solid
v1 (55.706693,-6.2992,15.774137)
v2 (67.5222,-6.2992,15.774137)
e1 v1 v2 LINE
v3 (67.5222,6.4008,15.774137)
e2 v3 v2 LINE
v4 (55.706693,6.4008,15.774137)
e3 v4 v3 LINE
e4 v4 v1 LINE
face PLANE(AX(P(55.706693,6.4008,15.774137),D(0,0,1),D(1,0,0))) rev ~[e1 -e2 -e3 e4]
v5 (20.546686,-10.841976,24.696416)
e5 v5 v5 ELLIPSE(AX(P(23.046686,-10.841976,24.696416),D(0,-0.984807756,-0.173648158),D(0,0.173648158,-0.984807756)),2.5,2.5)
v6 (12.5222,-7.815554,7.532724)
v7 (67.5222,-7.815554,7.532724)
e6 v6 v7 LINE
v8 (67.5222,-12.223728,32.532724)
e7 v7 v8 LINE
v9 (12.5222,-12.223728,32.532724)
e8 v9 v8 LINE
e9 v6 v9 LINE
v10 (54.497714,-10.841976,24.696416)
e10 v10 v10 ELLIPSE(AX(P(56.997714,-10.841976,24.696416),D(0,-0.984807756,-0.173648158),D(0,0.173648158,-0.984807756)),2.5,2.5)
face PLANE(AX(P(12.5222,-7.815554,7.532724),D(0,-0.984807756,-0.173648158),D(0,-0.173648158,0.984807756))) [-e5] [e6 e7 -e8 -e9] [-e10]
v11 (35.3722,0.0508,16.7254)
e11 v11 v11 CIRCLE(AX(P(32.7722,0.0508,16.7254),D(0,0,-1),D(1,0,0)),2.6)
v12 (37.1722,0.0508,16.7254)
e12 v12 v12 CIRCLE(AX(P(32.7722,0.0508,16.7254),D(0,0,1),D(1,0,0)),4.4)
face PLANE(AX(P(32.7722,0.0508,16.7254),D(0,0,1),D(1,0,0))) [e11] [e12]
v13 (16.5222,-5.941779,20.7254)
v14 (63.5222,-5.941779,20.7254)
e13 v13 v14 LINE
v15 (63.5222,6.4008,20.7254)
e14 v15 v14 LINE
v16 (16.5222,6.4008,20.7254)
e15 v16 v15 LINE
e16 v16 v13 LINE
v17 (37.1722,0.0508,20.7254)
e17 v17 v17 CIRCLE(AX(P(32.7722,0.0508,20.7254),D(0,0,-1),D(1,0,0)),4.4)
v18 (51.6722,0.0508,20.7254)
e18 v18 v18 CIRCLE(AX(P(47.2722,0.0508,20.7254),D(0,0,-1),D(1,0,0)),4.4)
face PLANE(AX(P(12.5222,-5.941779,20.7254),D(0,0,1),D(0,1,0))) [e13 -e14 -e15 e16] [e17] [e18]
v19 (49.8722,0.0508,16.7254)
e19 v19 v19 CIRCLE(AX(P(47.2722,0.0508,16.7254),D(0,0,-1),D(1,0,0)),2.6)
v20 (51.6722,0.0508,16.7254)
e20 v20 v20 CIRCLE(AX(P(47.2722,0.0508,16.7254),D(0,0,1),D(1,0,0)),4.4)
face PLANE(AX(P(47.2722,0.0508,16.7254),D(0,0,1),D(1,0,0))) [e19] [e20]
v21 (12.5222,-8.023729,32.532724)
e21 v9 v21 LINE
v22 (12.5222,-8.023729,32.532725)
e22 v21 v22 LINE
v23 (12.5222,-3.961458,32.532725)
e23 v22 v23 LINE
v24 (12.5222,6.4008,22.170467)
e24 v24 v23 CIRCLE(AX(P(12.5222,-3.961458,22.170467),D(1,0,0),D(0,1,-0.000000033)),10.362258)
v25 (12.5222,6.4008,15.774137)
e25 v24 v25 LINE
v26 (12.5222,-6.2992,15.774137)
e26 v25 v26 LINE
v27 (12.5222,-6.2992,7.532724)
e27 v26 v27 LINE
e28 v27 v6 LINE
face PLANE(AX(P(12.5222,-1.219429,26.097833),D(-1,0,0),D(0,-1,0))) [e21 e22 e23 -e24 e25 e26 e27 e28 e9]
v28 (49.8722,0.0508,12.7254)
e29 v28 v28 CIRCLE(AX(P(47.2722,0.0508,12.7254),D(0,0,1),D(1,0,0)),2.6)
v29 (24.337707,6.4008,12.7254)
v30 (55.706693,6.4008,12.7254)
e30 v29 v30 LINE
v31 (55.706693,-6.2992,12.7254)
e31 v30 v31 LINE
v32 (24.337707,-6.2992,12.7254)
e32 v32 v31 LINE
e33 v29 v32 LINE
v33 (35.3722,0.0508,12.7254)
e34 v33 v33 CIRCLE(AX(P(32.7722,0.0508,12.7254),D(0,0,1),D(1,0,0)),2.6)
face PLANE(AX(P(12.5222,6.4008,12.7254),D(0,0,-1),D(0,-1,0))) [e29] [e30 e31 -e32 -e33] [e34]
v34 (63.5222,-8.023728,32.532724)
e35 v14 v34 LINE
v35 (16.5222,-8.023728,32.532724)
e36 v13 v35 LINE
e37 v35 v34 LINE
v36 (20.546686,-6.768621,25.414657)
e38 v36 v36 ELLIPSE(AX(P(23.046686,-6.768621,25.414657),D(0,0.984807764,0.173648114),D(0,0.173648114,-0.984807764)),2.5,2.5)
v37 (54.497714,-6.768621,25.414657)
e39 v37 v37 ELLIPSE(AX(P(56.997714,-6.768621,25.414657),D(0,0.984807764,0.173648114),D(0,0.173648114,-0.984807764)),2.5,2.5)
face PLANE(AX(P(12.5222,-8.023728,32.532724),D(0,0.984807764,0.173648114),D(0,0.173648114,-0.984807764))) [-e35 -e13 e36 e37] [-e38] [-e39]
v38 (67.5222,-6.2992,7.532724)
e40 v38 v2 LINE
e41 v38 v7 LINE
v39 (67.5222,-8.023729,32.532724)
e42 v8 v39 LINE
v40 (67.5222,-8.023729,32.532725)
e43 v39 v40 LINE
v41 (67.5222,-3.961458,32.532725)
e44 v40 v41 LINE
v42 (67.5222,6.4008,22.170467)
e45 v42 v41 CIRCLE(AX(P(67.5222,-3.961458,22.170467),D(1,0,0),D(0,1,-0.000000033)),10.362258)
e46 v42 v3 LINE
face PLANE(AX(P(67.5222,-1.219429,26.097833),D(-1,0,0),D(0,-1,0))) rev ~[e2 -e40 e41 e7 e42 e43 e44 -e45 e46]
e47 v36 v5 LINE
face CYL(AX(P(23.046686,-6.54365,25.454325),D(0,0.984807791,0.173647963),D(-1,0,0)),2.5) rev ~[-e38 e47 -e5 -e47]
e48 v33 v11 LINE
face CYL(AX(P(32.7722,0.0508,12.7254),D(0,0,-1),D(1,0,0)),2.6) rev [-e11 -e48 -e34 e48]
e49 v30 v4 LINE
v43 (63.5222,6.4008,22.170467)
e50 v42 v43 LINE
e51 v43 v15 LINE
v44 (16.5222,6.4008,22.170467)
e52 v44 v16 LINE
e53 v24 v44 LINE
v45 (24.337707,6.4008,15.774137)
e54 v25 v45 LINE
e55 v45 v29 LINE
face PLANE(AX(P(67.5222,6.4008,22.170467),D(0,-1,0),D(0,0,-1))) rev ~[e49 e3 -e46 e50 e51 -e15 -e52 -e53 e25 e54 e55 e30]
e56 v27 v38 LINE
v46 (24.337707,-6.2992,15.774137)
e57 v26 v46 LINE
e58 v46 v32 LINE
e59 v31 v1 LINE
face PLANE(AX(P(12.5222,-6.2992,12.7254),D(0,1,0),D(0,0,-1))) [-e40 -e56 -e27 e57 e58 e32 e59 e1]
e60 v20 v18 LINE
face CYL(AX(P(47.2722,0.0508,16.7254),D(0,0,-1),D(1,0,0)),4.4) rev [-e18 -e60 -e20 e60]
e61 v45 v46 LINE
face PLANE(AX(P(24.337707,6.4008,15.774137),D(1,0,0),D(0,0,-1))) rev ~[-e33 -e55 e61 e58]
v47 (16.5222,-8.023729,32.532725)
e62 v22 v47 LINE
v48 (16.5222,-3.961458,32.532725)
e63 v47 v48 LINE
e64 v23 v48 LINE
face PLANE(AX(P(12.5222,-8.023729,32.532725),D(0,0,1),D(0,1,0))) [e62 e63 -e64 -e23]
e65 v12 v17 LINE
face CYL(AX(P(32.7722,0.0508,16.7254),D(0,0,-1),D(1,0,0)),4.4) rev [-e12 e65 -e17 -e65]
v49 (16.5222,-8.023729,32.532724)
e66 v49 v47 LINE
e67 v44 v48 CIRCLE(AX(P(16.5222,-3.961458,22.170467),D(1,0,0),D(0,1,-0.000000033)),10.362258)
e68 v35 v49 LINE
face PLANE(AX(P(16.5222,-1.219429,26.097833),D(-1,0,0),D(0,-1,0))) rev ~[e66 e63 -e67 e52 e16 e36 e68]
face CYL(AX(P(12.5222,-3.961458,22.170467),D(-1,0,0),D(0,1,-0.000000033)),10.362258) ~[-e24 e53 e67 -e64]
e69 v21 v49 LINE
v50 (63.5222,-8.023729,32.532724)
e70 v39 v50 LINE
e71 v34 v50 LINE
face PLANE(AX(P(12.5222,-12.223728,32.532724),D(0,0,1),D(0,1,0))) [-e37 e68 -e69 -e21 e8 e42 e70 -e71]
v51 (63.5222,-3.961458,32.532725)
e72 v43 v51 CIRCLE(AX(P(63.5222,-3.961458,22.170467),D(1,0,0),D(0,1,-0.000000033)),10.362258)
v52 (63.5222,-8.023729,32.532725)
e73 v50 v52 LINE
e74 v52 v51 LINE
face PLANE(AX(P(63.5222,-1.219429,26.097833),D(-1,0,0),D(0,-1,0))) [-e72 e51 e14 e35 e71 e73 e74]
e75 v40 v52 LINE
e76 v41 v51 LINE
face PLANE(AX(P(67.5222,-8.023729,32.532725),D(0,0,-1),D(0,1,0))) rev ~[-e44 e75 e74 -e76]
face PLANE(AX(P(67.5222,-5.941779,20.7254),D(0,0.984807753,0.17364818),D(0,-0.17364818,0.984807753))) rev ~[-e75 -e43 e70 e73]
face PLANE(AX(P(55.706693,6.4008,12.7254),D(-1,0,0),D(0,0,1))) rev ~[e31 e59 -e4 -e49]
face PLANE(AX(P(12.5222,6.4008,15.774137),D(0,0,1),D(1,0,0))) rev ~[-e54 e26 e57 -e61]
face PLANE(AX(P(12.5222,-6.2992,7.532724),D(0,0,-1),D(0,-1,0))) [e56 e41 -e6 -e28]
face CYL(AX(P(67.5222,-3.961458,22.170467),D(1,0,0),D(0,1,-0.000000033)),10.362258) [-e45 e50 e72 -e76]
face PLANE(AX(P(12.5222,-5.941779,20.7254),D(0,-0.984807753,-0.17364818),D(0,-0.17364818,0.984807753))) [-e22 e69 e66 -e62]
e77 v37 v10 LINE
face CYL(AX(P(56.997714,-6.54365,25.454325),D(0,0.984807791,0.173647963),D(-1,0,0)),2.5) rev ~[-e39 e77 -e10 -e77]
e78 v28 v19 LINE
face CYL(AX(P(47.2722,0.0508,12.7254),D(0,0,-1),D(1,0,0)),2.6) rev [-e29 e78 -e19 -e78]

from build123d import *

# Parameters (mm, degrees)
PAD004_DEPTH    = 55
SKETCH007_R     = 2.6
POCKET_DEPTH    = 10
SKETCH005_R     = 2.5
POCKET002_DEPTH = 5
SKETCH008_R     = 4.4
POCKET003_DEPTH = 5
PAD005_DEPTH    = 4
PAD006_DEPTH    = 4
POCKET005_DEPTH = 12.7


with BuildPart() as part:
    # Sketch004 → Pad004 (new body)
    with BuildSketch(Plane.YZ):
        Polygon((-1.516354, -5.192676), (-5.924528, 19.807324), (-1.724528, 19.807324), (0.357421, 8), (12.7, 8), (12.7, 0), (0, 0), (0, -5.192676), align=None)
    extrude(amount=PAD004_DEPTH)

    # Sketch007 → Pocket (cut)
    with BuildSketch(Plane.XY):
        with Locations((20.25, 6.35)):
            Circle(SKETCH007_R)
        with Locations((34.75, 6.35)):
            Circle(SKETCH007_R)
    extrude(amount=POCKET_DEPTH, mode=Mode.SUBTRACT)

    # Sketch005 → Pocket002 (cut)
    with BuildSketch(Plane(origin=(0, 2, 0), x_dir=(-1, 0, 0), z_dir=(0, 0.984808, 0.173648))):
        with Locations((-44.475514, 12.925289)):
            Circle(SKETCH005_R)
        with Locations((-10.524486, 12.925289)):
            Circle(SKETCH005_R)
    extrude(amount=-POCKET002_DEPTH, mode=Mode.SUBTRACT)

    # Sketch008 → Pocket003 (cut)
    with BuildSketch(Plane.XY.offset(4)):
        with Locations((20.25, 6.35)):
            Circle(SKETCH008_R)
        with Locations((34.75, 6.35)):
            Circle(SKETCH008_R)
    extrude(amount=POCKET003_DEPTH, mode=Mode.SUBTRACT)

    # Sketch009 → Pad005 (join)
    with BuildSketch(Plane.YZ):
        with BuildLine():
            Line((12.7, 8), (0.357421, 8))
            Line((0.357421, 8), (-1.724529, 19.807325))
            Line((-1.724529, 19.807325), (2.337742, 19.807325))
            ThreePointArc((12.7, 9.445067), (9.664965, 16.77229), (2.337742, 19.807325))
            Line((12.7, 9.445067), (12.7, 8))
        make_face()
    extrude(amount=PAD005_DEPTH)

    # Sketch010 → Pad006 (join)
    with BuildSketch(Plane.YZ.offset(55)):
        with BuildLine():
            Line((12.7, 8), (0.357421, 8))
            Line((0.357421, 8), (-1.724529, 19.807325))
            Line((-1.724529, 19.807325), (2.337742, 19.807325))
            ThreePointArc((12.7, 9.445067), (9.664965, 16.77229), (2.337742, 19.807325))
            Line((12.7, 9.445067), (12.7, 8))
        make_face()
    extrude(amount=-PAD006_DEPTH)

    # Sketch012 (on Face10 of Pad006) → Pocket005 (cut)
    with BuildSketch(Plane.ZX.offset(12.7)):
        Polygon((0, 43.184493), (3.048737, 43.184493), (3.048737, 55), (-3.047035, 55), (-3.047035, 0), (0, 0), (3.048737, 0), (3.048737, 11.815507), (0, 11.815507), align=None)
    extrude(amount=-POCKET005_DEPTH, mode=Mode.SUBTRACT)


with BuildPart() as part_1:
    # Body004 placement: moved
    add(part.part.moved(Location((12.5222, -6.2992, 12.7254))))


solid = part_1.part
